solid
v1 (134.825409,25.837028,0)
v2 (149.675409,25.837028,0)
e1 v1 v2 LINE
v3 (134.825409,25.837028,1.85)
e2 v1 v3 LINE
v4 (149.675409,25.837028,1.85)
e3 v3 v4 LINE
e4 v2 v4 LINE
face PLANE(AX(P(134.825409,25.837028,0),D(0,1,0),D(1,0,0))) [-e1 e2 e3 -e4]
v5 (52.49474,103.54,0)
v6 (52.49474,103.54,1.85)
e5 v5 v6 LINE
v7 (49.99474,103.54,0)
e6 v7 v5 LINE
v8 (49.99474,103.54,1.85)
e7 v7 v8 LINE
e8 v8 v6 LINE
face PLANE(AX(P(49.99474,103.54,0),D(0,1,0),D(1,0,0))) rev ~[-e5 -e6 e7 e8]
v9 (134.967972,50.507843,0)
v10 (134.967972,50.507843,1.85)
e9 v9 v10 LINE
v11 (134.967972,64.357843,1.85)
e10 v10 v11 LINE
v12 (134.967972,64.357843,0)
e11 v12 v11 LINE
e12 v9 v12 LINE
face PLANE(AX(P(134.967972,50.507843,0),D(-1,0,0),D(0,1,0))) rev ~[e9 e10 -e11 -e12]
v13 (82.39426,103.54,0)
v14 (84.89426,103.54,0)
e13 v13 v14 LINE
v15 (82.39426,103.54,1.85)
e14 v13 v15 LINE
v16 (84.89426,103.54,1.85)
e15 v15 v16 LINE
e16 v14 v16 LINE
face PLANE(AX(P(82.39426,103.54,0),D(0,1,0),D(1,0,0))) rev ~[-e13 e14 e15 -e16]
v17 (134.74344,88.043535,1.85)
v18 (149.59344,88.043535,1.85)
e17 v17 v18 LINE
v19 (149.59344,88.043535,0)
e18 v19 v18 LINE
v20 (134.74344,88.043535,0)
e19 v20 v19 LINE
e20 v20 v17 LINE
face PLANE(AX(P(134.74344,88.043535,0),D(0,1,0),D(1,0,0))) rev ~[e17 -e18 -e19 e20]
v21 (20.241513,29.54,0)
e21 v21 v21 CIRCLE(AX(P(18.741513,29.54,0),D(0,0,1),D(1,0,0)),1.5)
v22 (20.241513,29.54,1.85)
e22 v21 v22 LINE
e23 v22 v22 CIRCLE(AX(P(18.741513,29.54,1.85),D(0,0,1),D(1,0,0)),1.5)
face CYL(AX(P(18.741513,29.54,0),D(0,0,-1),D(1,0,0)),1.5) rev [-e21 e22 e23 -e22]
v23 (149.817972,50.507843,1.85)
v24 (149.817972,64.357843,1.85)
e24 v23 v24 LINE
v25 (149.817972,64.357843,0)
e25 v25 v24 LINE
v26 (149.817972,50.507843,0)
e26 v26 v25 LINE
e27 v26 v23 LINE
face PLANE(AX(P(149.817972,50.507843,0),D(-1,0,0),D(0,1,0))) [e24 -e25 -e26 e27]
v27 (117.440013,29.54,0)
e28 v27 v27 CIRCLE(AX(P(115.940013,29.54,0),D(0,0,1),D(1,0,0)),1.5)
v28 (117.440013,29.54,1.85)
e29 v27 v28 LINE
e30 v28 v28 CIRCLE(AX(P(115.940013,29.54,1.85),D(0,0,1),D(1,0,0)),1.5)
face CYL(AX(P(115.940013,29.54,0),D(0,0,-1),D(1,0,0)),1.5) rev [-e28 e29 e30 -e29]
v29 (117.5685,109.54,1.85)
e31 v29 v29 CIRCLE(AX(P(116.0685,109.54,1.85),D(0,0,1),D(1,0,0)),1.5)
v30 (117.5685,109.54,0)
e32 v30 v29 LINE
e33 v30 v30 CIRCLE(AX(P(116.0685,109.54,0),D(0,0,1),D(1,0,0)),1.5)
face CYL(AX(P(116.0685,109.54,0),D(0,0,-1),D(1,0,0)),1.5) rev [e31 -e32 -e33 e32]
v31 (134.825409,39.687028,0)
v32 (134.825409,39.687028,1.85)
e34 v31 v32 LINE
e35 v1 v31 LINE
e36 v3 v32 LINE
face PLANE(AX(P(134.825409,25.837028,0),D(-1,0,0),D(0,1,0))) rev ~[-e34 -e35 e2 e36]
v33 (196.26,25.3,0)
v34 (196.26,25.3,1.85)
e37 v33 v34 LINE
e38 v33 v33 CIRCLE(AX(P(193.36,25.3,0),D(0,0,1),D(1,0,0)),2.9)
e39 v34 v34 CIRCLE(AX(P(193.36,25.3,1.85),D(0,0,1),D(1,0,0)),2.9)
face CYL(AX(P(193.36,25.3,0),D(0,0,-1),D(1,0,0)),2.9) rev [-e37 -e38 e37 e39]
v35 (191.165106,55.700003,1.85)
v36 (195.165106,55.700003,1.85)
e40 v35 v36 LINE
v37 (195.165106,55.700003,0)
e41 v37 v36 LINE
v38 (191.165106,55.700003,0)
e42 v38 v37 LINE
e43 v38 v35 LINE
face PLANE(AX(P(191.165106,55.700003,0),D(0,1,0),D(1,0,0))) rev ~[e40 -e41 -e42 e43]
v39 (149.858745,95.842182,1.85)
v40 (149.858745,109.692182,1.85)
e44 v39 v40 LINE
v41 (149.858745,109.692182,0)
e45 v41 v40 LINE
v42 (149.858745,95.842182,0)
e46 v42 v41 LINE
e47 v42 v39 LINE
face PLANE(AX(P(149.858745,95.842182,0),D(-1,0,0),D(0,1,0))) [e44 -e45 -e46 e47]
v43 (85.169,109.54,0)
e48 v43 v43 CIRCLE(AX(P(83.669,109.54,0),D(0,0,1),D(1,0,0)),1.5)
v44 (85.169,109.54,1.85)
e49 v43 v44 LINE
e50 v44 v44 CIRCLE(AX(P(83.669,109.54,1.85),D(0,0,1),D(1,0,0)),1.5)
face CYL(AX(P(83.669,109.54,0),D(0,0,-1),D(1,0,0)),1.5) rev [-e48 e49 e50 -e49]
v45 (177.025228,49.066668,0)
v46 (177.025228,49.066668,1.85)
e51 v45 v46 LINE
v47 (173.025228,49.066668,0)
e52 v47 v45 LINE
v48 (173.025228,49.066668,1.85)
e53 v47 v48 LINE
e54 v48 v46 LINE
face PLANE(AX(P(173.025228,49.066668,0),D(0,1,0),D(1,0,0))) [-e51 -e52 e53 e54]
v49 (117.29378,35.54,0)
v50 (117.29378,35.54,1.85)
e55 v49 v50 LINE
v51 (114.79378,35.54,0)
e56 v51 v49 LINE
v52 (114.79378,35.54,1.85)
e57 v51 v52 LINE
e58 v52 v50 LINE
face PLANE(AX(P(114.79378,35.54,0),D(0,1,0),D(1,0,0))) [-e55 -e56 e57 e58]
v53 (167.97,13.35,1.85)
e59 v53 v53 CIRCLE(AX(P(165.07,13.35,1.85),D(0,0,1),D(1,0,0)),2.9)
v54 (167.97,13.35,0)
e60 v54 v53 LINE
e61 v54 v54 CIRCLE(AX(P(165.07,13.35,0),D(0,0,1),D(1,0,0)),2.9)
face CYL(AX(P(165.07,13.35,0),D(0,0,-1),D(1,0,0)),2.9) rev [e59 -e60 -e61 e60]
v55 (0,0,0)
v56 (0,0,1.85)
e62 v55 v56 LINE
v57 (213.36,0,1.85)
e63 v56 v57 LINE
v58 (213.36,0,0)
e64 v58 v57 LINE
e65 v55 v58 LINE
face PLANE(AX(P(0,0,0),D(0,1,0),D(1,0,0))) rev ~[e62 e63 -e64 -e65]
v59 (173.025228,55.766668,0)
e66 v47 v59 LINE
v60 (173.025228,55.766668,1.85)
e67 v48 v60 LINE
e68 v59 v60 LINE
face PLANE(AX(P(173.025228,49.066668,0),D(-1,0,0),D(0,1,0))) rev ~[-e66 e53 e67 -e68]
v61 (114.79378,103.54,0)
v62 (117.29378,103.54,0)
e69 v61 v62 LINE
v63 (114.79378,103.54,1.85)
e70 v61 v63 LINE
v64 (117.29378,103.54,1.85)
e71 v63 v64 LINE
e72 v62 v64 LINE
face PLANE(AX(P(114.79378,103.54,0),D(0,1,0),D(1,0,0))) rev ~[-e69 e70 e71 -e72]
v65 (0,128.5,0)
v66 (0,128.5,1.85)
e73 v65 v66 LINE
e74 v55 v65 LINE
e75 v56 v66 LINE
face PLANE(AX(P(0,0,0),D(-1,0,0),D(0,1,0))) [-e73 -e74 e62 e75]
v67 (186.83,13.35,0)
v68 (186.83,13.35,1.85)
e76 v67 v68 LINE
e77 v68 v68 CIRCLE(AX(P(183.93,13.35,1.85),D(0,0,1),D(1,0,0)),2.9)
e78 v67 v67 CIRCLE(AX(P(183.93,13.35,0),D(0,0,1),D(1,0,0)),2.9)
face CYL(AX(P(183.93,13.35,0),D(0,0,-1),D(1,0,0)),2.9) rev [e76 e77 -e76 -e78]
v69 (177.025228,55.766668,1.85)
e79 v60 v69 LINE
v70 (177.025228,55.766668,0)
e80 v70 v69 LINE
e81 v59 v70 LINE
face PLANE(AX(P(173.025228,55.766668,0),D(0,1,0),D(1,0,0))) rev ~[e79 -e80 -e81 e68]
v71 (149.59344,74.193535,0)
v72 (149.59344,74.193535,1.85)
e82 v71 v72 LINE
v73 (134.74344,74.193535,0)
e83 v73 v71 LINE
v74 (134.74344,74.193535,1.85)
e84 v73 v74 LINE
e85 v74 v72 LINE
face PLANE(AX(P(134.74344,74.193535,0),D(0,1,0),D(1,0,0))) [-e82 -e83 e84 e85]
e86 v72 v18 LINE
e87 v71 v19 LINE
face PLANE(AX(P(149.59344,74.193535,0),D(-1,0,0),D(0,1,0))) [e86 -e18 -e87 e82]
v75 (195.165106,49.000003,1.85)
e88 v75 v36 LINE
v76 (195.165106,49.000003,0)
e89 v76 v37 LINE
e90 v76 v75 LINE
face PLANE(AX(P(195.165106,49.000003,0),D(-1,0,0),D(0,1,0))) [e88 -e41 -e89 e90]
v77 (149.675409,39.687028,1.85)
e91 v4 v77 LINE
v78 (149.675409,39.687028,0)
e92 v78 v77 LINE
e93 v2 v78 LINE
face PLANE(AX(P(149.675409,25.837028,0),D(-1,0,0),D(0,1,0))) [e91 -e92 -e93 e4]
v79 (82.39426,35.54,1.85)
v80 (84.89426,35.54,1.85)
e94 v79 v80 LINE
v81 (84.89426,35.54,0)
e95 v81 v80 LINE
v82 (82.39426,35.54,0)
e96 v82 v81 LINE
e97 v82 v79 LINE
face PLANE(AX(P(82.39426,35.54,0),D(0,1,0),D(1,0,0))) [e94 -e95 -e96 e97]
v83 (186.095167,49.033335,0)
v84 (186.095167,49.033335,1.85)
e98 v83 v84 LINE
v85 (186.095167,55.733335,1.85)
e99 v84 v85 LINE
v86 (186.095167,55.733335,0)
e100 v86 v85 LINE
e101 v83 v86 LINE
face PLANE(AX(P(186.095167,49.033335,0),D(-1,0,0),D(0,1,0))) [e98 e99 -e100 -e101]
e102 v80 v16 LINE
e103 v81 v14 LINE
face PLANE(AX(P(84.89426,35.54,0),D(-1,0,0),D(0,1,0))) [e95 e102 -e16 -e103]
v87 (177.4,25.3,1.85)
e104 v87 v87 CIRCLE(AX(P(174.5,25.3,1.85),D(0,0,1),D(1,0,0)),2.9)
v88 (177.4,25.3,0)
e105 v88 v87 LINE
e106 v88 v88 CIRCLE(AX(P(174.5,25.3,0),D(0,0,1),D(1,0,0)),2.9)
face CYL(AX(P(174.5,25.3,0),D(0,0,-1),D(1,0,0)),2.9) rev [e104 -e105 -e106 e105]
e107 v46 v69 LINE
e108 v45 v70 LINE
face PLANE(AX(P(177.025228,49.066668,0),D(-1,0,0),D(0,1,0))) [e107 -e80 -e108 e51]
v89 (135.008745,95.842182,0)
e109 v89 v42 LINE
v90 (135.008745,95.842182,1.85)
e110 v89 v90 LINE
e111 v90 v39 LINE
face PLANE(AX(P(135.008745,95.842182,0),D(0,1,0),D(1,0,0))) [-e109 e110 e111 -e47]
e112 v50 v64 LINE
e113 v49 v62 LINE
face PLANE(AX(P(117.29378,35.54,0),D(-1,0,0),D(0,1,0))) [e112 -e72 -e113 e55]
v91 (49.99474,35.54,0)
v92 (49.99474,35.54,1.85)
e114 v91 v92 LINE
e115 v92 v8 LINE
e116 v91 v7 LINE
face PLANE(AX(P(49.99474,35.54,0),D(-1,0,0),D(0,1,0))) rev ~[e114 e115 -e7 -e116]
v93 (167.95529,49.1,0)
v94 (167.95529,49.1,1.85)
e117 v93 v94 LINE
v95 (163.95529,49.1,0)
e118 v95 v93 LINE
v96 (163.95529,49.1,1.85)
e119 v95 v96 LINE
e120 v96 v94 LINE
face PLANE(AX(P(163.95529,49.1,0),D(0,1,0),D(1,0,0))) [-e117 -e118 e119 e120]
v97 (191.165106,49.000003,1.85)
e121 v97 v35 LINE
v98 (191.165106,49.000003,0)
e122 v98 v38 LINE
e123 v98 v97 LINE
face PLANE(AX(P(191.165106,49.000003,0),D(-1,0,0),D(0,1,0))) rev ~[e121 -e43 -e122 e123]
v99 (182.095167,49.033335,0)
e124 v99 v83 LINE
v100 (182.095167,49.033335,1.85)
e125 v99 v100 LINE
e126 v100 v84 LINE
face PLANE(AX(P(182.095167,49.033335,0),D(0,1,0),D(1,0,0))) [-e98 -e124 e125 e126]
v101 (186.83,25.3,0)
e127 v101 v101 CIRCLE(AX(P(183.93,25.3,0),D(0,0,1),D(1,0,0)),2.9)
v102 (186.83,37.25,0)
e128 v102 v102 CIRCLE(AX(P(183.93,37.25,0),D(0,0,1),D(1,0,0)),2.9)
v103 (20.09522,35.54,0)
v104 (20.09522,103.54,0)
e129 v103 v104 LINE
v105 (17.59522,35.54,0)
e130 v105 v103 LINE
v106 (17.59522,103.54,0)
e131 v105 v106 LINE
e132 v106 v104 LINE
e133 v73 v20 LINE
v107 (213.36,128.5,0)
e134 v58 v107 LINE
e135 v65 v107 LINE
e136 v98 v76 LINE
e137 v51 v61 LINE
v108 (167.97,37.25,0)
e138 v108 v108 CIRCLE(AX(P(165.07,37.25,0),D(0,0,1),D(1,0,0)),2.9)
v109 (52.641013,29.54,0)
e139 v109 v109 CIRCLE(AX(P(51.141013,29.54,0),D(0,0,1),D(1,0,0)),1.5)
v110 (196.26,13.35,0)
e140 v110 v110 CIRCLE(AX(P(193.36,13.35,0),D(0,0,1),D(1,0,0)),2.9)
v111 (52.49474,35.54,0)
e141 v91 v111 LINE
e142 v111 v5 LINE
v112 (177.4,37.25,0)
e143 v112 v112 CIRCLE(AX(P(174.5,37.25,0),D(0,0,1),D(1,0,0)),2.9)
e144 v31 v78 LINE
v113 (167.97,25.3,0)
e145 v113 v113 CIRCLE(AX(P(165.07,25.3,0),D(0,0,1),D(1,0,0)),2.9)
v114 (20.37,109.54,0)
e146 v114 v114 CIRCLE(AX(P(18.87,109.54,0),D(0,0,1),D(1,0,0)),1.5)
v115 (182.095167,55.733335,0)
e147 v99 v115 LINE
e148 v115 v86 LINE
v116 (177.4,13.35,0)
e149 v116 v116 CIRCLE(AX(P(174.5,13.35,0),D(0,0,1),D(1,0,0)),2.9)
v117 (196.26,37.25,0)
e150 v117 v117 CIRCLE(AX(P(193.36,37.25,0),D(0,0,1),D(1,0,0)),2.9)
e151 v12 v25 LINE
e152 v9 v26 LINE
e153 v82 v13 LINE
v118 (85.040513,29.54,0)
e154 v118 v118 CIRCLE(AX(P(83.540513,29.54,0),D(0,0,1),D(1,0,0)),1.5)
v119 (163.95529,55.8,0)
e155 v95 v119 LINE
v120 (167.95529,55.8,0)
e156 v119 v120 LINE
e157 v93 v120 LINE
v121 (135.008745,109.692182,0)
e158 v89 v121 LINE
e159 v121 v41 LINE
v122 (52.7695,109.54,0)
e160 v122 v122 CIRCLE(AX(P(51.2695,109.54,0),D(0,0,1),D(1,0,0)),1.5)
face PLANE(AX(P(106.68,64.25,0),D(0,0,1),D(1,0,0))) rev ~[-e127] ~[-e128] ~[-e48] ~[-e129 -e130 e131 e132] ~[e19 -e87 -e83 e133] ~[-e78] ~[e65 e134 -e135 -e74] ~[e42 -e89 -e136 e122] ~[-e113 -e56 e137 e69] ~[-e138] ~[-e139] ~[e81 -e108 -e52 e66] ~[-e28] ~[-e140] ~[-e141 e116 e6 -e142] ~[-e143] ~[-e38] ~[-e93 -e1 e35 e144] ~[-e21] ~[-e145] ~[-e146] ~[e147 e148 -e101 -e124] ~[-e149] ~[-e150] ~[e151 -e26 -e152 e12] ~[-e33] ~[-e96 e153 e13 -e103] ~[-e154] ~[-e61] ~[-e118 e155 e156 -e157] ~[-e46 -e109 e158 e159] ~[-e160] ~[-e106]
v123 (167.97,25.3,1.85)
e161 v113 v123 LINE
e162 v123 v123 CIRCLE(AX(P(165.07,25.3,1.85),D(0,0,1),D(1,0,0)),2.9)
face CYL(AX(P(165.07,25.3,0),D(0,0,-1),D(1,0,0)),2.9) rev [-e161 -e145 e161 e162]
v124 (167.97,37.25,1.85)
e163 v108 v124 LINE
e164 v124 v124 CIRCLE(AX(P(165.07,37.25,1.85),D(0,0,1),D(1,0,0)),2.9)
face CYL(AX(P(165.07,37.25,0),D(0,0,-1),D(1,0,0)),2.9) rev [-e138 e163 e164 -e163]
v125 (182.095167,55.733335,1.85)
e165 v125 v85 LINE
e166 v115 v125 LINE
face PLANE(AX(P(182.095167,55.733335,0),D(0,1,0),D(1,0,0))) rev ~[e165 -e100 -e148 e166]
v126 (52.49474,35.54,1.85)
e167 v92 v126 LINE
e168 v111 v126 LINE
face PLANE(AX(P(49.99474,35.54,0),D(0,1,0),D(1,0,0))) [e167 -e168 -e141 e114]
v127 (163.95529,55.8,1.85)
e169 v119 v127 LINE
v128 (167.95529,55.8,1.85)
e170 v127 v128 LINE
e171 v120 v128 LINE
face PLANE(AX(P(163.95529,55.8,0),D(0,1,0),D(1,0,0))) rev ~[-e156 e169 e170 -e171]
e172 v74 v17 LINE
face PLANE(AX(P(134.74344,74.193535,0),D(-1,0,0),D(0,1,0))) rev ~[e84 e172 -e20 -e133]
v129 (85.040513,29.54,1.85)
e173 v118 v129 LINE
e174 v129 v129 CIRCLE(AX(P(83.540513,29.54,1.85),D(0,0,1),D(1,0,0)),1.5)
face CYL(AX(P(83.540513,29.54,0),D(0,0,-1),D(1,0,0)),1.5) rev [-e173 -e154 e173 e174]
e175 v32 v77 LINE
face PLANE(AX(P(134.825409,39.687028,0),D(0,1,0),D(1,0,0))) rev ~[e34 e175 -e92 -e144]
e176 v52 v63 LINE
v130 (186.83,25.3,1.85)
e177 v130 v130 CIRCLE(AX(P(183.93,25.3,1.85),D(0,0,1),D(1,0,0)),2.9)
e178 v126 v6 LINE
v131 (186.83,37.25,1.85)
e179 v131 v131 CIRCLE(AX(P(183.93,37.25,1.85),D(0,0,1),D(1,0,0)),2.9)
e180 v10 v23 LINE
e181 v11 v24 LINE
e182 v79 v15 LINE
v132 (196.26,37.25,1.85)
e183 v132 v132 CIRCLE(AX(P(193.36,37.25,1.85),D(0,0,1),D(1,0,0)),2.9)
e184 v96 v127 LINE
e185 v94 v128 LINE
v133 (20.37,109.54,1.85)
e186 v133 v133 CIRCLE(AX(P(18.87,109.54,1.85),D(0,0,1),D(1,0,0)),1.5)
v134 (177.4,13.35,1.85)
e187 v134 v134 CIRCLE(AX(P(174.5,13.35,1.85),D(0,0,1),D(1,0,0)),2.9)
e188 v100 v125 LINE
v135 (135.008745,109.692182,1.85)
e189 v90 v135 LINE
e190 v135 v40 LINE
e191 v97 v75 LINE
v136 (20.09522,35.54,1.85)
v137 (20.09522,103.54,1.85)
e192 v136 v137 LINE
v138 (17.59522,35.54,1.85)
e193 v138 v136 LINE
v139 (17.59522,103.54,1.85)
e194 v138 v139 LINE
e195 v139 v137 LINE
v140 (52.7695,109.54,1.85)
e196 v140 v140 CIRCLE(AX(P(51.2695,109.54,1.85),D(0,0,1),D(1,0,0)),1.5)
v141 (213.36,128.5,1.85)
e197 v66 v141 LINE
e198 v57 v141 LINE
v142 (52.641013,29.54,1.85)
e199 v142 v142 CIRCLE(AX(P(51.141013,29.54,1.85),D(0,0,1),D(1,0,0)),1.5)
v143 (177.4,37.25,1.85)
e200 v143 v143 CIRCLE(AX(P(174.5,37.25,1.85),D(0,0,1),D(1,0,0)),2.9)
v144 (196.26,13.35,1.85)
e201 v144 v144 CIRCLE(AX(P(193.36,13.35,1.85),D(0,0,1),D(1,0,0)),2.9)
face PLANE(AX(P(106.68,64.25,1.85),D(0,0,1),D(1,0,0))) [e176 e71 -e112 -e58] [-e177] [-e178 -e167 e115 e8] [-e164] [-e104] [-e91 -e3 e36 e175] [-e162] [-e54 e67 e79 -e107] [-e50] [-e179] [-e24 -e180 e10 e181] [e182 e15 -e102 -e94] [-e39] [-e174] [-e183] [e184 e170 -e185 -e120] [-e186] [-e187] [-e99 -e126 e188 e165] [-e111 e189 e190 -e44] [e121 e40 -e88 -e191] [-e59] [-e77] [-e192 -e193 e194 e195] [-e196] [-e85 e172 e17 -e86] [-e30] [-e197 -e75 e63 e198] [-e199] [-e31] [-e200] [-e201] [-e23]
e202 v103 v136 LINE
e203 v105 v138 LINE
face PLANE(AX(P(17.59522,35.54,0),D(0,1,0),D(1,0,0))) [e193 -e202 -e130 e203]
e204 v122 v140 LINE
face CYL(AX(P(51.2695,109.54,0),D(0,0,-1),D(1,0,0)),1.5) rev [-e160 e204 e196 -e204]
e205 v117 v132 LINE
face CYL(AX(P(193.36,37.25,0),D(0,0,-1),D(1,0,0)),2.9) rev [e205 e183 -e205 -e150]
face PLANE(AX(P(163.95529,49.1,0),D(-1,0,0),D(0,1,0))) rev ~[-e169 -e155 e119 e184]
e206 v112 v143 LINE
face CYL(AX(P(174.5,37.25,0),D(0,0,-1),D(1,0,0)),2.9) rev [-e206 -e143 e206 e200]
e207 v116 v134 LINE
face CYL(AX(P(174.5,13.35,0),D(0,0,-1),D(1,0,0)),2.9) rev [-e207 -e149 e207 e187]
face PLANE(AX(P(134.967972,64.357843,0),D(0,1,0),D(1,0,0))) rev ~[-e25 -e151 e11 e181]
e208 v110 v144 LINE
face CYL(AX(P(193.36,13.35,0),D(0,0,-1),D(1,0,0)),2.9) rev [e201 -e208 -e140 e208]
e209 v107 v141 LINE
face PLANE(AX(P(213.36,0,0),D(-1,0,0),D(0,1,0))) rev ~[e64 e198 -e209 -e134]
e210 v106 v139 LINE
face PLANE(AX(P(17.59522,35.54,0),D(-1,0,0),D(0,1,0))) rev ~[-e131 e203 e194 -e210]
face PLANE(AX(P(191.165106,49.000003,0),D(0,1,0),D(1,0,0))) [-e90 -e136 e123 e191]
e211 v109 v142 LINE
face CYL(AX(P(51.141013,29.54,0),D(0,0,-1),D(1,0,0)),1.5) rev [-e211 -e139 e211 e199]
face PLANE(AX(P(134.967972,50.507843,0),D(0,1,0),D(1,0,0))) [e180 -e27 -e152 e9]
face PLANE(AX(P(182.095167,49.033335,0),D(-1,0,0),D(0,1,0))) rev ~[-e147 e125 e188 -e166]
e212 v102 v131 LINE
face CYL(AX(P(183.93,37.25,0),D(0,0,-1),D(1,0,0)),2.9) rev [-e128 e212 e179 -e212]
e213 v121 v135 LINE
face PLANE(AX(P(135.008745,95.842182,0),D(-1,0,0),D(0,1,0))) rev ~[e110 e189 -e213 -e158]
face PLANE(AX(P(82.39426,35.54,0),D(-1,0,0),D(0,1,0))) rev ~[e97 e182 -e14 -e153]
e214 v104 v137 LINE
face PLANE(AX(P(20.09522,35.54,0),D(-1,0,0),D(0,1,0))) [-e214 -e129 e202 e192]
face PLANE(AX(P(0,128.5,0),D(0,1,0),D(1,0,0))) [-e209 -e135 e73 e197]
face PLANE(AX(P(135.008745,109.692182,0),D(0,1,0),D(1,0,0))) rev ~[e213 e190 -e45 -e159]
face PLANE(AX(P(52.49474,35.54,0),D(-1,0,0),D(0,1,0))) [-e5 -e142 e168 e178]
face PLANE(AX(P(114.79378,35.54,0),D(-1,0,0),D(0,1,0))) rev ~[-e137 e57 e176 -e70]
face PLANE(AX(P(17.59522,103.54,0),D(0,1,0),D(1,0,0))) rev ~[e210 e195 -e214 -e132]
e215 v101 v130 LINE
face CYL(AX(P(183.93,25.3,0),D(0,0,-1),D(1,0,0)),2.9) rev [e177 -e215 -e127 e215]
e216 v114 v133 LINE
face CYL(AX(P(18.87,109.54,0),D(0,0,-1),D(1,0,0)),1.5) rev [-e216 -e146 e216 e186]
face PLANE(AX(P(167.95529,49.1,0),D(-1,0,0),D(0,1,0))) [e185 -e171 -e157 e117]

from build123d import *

# Parameters (mm, degrees)
SKETCH_W   = 213.36
SKETCH_H   = 128.5
SKETCH_R   = 1.5
SKETCH_R_2 = 2.9
SKETCH_W_2 = 2.5
SKETCH_H_2 = 68
SKETCH_W_3 = 4
SKETCH_H_3 = 6.7
SKETCH_W_4 = 14.85
SKETCH_H_4 = 13.85
PAD_DEPTH  = 1.85


with BuildPart() as part:
    # Sketch → Pad (new body)
    with BuildSketch(Plane.XY):
        with Locations((106.68, 64.25)):
            Rectangle(SKETCH_W, SKETCH_H)
        with Locations((18.87, 109.54)):
            Circle(SKETCH_R, mode=Mode.SUBTRACT)
        with Locations((18.741513, 29.54)):
            Circle(SKETCH_R, mode=Mode.SUBTRACT)
        with Locations((51.141013, 29.54)):
            Circle(SKETCH_R, mode=Mode.SUBTRACT)
        with Locations((51.2695, 109.54)):
            Circle(SKETCH_R, mode=Mode.SUBTRACT)
        with Locations((83.540513, 29.54)):
            Circle(SKETCH_R, mode=Mode.SUBTRACT)
        with Locations((83.669, 109.54)):
            Circle(SKETCH_R, mode=Mode.SUBTRACT)
        with Locations((115.940013, 29.54)):
            Circle(SKETCH_R, mode=Mode.SUBTRACT)
        with Locations((116.0685, 109.54)):
            Circle(SKETCH_R, mode=Mode.SUBTRACT)
        with Locations((165.07, 37.25)):
            Circle(SKETCH_R_2, mode=Mode.SUBTRACT)
        with Locations((174.5, 37.25)):
            Circle(SKETCH_R_2, mode=Mode.SUBTRACT)
        with Locations((183.93, 37.25)):
            Circle(SKETCH_R_2, mode=Mode.SUBTRACT)
        with Locations((193.36, 37.25)):
            Circle(SKETCH_R_2, mode=Mode.SUBTRACT)
        with Locations((165.07, 25.3)):
            Circle(SKETCH_R_2, mode=Mode.SUBTRACT)
        with Locations((174.5, 25.3)):
            Circle(SKETCH_R_2, mode=Mode.SUBTRACT)
        with Locations((183.93, 25.3)):
            Circle(SKETCH_R_2, mode=Mode.SUBTRACT)
        with Locations((193.36, 25.3)):
            Circle(SKETCH_R_2, mode=Mode.SUBTRACT)
        with Locations((165.07, 13.35)):
            Circle(SKETCH_R_2, mode=Mode.SUBTRACT)
        with Locations((174.5, 13.35)):
            Circle(SKETCH_R_2, mode=Mode.SUBTRACT)
        with Locations((183.93, 13.35)):
            Circle(SKETCH_R_2, mode=Mode.SUBTRACT)
        with Locations((193.36, 13.35)):
            Circle(SKETCH_R_2, mode=Mode.SUBTRACT)
        with Locations((18.84522, 69.54)):
            Rectangle(SKETCH_W_2, SKETCH_H_2, mode=Mode.SUBTRACT)
        with Locations((51.24474, 69.54)):
            Rectangle(SKETCH_W_2, SKETCH_H_2, mode=Mode.SUBTRACT)
        with Locations((83.64426, 69.54)):
            Rectangle(SKETCH_W_2, SKETCH_H_2, mode=Mode.SUBTRACT)
        with Locations((116.04378, 69.54)):
            Rectangle(SKETCH_W_2, SKETCH_H_2, mode=Mode.SUBTRACT)
        with Locations((165.95529, 52.45)):
            Rectangle(SKETCH_W_3, SKETCH_H_3, mode=Mode.SUBTRACT)
        with Locations((175.025228, 52.416668)):
            Rectangle(SKETCH_W_3, SKETCH_H_3, mode=Mode.SUBTRACT)
        with Locations((184.095167, 52.383335)):
            Rectangle(SKETCH_W_3, SKETCH_H_3, mode=Mode.SUBTRACT)
        with Locations((193.165106, 52.350003)):
            Rectangle(SKETCH_W_3, SKETCH_H_3, mode=Mode.SUBTRACT)
        with Locations((142.433745, 102.767182)):
            Rectangle(SKETCH_W_4, SKETCH_H_4, mode=Mode.SUBTRACT)
        with Locations((142.16844, 81.118535)):
            Rectangle(SKETCH_W_4, SKETCH_H_4, mode=Mode.SUBTRACT)
        with Locations((142.250409, 32.762028)):
            Rectangle(SKETCH_W_4, SKETCH_H_4, mode=Mode.SUBTRACT)
        with Locations((142.392972, 57.432843)):
            Rectangle(SKETCH_W_4, SKETCH_H_4, mode=Mode.SUBTRACT)
    extrude(amount=PAD_DEPTH)


solid = part.part
